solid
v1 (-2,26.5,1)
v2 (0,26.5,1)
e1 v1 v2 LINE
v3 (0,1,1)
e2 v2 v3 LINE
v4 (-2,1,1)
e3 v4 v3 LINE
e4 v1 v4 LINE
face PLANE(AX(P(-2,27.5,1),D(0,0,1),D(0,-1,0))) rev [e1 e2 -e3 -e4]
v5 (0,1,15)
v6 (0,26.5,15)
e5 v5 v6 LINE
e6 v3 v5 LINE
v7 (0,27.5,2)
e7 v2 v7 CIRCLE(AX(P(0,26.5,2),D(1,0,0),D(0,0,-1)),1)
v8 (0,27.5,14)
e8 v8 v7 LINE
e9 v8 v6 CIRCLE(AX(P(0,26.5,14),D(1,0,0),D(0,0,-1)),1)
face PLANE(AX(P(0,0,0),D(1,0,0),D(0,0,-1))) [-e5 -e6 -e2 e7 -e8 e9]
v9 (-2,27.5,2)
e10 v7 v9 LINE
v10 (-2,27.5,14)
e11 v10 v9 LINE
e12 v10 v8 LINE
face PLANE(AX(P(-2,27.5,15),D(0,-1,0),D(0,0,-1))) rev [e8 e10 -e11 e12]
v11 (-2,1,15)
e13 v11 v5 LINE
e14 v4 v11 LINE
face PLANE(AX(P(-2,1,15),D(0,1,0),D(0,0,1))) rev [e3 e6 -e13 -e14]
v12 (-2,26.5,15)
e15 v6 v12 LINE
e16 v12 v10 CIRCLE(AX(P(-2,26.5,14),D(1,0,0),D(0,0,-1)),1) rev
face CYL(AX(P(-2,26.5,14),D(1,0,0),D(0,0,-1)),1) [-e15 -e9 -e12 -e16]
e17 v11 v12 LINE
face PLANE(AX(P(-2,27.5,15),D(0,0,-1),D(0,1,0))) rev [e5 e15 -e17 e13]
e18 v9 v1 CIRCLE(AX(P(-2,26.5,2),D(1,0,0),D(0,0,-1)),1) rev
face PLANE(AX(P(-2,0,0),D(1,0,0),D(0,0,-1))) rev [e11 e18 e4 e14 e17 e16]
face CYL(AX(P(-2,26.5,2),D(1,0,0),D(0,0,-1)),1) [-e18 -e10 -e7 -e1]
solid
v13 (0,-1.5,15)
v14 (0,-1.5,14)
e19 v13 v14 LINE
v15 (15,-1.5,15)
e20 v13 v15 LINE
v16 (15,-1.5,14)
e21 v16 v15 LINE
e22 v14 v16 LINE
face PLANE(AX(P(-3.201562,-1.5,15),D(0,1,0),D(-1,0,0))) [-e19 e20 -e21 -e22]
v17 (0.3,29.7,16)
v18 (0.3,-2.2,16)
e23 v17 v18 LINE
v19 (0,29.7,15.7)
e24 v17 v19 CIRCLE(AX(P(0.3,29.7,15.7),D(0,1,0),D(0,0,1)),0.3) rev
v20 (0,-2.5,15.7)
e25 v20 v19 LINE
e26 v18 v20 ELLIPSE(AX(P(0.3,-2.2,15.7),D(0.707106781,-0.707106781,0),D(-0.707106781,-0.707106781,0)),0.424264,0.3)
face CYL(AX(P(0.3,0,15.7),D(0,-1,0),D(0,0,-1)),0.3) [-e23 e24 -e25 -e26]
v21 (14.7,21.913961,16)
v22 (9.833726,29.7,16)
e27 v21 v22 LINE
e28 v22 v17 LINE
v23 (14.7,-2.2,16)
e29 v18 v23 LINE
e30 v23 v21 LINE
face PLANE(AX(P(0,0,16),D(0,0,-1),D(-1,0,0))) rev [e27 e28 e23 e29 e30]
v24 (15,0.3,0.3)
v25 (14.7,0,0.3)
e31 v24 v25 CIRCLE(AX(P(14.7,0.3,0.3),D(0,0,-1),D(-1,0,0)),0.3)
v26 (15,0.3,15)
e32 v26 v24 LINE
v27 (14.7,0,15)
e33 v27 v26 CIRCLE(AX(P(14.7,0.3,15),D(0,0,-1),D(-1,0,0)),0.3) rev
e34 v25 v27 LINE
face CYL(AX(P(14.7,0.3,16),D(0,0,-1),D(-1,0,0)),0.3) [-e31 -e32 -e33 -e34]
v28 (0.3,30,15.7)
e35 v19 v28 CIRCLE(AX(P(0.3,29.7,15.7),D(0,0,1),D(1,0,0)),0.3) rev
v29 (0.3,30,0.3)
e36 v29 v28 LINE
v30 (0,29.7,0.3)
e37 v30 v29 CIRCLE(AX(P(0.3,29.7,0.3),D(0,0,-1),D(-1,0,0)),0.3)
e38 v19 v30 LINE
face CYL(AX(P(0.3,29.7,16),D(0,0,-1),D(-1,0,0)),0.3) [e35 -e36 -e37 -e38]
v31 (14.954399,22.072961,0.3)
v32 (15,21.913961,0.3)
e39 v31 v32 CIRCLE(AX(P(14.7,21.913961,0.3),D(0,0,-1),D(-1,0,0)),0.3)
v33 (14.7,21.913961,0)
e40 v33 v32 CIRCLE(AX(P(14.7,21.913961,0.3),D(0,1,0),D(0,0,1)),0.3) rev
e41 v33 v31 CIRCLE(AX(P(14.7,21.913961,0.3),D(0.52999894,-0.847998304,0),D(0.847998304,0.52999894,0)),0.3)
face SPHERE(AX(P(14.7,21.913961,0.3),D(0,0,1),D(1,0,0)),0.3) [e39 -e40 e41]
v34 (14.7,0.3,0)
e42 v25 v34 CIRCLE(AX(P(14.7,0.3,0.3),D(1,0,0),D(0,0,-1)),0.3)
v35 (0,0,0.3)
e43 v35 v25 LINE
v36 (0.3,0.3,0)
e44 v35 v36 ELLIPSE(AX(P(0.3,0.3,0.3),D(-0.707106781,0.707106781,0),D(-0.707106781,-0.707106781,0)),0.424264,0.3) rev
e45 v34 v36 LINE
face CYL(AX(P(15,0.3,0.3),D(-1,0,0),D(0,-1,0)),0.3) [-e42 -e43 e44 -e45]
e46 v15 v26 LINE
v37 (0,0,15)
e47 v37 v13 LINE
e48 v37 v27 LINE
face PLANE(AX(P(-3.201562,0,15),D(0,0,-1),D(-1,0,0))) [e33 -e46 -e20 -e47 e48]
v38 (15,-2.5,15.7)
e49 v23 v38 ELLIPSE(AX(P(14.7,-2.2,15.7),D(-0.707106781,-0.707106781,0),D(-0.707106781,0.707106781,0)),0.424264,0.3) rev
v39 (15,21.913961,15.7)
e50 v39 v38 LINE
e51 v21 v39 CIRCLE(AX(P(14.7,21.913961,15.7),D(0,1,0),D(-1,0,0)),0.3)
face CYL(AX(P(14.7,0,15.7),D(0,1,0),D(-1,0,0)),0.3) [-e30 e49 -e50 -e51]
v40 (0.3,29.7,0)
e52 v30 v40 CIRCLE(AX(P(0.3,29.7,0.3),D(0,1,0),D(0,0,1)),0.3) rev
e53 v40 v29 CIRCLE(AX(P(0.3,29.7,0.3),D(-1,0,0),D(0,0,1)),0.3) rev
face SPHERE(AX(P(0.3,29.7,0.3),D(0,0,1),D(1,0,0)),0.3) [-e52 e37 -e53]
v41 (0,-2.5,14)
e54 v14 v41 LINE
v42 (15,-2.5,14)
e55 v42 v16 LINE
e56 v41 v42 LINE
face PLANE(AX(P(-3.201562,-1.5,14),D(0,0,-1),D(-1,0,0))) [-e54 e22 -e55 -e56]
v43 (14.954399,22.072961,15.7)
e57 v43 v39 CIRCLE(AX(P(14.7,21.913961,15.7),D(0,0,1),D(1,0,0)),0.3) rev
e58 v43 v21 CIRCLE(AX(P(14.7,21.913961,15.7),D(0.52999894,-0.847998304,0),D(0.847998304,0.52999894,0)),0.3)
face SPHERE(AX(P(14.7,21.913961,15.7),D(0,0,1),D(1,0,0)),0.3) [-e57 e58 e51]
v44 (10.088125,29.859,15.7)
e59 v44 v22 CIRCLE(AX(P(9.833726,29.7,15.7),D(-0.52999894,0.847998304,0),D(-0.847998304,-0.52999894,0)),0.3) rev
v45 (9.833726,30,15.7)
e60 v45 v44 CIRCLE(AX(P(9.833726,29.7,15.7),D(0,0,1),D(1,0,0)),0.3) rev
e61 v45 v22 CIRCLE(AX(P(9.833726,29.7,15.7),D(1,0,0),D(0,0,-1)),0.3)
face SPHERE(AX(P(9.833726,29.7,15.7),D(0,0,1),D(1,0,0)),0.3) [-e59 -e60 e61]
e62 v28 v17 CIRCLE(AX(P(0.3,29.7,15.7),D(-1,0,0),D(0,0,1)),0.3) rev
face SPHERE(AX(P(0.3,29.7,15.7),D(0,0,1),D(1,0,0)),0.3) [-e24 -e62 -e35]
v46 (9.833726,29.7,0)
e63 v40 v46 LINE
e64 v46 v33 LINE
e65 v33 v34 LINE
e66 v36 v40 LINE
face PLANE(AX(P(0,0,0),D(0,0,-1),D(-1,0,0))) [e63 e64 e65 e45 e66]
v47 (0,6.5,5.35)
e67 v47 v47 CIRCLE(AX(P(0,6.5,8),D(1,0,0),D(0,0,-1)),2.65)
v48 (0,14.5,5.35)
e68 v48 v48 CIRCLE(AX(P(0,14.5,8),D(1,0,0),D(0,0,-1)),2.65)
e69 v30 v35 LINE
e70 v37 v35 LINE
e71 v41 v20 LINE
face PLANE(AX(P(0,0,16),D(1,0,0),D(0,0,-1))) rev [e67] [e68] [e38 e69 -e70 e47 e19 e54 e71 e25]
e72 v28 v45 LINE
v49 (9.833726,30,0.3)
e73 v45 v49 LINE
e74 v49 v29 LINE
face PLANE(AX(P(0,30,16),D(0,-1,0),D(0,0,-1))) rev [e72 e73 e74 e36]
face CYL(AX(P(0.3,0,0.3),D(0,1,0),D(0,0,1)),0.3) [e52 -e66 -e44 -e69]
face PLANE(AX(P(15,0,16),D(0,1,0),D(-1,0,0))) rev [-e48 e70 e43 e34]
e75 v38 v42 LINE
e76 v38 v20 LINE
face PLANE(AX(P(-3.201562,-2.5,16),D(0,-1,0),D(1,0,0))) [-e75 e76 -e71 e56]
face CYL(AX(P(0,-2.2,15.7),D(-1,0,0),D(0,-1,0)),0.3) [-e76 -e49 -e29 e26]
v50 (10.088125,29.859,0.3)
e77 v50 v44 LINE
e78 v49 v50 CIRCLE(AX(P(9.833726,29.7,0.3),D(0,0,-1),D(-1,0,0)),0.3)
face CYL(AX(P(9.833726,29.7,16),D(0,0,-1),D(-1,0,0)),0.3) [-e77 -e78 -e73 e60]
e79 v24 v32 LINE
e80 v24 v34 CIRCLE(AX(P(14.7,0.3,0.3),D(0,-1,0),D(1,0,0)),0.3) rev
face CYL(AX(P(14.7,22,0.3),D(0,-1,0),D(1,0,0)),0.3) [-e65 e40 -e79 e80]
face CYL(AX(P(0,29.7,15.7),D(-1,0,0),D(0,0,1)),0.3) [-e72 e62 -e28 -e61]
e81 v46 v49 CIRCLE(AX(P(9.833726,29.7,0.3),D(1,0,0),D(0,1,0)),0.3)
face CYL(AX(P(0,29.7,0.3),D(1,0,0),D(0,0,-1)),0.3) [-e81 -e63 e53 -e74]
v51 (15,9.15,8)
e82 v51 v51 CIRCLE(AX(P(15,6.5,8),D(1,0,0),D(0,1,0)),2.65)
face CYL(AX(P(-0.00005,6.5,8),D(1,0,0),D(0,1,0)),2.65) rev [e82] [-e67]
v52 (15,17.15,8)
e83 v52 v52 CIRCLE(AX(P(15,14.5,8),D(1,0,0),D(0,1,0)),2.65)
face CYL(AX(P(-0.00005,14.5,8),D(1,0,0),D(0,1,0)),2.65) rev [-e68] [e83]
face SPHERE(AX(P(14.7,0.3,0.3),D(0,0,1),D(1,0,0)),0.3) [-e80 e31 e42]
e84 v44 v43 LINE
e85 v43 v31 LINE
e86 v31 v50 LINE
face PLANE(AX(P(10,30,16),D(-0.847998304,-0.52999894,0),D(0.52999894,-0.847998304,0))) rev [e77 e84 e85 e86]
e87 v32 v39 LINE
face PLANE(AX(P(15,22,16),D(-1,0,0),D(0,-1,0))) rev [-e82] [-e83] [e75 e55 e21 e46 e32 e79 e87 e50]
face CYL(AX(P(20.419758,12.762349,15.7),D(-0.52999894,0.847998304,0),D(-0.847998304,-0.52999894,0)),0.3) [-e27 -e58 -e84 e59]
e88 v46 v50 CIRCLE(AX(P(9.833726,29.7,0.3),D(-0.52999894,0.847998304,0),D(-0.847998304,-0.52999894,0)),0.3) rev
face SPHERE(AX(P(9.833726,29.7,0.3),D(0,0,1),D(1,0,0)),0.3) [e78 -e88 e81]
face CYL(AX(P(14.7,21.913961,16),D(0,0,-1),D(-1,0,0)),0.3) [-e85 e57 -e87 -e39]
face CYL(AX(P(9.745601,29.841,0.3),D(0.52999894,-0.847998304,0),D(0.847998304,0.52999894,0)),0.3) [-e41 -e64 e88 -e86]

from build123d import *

# Parameters (mm, degrees)
BOSS_EXTRUDE1_DEPTH = 16
BOSS_EXTRUDE2_DEPTH = 15
SKETCH4_R           = 2.65
CUT_EXTRUDE1_DEPTH  = 38.161808352
SKETCH6_W           = 14
SKETCH6_H           = 26.5
BOSS_EXTRUDE4_DEPTH = 2
FILLET3_R           = 1
FILLET4_R           = 0.3


with BuildPart() as part:
    # Sketch1 → Boss-Extrude1 (new body)
    with BuildSketch(Plane.XY):
        Polygon((0, 0), (0, 30), (10, 30), (15, 22), (15, 0), align=None)
    extrude(amount=BOSS_EXTRUDE1_DEPTH)

    # Sketch3 → Boss-Extrude2 (add)
    with BuildSketch(Plane(origin=(15, 0, 0), x_dir=(0, 0, -1), z_dir=(1, 0, 0))):
        Polygon((-16, 0), (-16, -2.5), (-14, -2.5), (-14, -1.5), (-15, -1.5), (-15, 0), align=None)
    extrude(amount=-BOSS_EXTRUDE2_DEPTH)

    # Sketch4 → Cut-Extrude1 (cut, through all)
    with BuildSketch(Plane(origin=(15, 0, 0), x_dir=(0, 0, -1), z_dir=(1, 0, 0))):
        with Locations(Location((-8, 14.5, 0), (0, 0, 90))):
            Circle(SKETCH4_R)
        with Locations(Location((-8, 6.5, 0), (0, 0, 90))):
            Circle(SKETCH4_R)
    extrude(amount=-CUT_EXTRUDE1_DEPTH, mode=Mode.SUBTRACT)

    # Fillet4
    fillet4_edges = [part.edges().sort_by_distance(p)[0] for p in [
        (12.5, 26, 16),
        (5, 30, 16),
        (0, 13.75, 16),
        (15, 0, 7.5),
        (7.5, -2.5, 16),
        (0, 15, 0),
        (5, 30, 0),
        (12.5, 26, 0),
        (15, 11, 0),
        (7.5, 0, 0),
        (15, 9.75, 16),
        (0, 30, 8),
        (10, 30, 8),
        (15, 22, 8),
    ]]
    fillet(fillet4_edges, radius=FILLET4_R)


with BuildPart() as body_2:
    # Sketch6 → Boss-Extrude4 (new body)
    with BuildSketch(Plane.ZY):
        with Locations((8, 14.25)):
            Rectangle(SKETCH6_W, SKETCH6_H)
    extrude(amount=BOSS_EXTRUDE4_DEPTH)

    # Fillet3
    fillet3_edges = [body_2.edges().sort_by_distance(p)[0] for p in [
        (-1, 27.5, 1),
        (-1, 27.5, 15),
    ]]
    fillet(fillet3_edges, radius=FILLET3_R)


solid = Compound([part.part, body_2.part])
